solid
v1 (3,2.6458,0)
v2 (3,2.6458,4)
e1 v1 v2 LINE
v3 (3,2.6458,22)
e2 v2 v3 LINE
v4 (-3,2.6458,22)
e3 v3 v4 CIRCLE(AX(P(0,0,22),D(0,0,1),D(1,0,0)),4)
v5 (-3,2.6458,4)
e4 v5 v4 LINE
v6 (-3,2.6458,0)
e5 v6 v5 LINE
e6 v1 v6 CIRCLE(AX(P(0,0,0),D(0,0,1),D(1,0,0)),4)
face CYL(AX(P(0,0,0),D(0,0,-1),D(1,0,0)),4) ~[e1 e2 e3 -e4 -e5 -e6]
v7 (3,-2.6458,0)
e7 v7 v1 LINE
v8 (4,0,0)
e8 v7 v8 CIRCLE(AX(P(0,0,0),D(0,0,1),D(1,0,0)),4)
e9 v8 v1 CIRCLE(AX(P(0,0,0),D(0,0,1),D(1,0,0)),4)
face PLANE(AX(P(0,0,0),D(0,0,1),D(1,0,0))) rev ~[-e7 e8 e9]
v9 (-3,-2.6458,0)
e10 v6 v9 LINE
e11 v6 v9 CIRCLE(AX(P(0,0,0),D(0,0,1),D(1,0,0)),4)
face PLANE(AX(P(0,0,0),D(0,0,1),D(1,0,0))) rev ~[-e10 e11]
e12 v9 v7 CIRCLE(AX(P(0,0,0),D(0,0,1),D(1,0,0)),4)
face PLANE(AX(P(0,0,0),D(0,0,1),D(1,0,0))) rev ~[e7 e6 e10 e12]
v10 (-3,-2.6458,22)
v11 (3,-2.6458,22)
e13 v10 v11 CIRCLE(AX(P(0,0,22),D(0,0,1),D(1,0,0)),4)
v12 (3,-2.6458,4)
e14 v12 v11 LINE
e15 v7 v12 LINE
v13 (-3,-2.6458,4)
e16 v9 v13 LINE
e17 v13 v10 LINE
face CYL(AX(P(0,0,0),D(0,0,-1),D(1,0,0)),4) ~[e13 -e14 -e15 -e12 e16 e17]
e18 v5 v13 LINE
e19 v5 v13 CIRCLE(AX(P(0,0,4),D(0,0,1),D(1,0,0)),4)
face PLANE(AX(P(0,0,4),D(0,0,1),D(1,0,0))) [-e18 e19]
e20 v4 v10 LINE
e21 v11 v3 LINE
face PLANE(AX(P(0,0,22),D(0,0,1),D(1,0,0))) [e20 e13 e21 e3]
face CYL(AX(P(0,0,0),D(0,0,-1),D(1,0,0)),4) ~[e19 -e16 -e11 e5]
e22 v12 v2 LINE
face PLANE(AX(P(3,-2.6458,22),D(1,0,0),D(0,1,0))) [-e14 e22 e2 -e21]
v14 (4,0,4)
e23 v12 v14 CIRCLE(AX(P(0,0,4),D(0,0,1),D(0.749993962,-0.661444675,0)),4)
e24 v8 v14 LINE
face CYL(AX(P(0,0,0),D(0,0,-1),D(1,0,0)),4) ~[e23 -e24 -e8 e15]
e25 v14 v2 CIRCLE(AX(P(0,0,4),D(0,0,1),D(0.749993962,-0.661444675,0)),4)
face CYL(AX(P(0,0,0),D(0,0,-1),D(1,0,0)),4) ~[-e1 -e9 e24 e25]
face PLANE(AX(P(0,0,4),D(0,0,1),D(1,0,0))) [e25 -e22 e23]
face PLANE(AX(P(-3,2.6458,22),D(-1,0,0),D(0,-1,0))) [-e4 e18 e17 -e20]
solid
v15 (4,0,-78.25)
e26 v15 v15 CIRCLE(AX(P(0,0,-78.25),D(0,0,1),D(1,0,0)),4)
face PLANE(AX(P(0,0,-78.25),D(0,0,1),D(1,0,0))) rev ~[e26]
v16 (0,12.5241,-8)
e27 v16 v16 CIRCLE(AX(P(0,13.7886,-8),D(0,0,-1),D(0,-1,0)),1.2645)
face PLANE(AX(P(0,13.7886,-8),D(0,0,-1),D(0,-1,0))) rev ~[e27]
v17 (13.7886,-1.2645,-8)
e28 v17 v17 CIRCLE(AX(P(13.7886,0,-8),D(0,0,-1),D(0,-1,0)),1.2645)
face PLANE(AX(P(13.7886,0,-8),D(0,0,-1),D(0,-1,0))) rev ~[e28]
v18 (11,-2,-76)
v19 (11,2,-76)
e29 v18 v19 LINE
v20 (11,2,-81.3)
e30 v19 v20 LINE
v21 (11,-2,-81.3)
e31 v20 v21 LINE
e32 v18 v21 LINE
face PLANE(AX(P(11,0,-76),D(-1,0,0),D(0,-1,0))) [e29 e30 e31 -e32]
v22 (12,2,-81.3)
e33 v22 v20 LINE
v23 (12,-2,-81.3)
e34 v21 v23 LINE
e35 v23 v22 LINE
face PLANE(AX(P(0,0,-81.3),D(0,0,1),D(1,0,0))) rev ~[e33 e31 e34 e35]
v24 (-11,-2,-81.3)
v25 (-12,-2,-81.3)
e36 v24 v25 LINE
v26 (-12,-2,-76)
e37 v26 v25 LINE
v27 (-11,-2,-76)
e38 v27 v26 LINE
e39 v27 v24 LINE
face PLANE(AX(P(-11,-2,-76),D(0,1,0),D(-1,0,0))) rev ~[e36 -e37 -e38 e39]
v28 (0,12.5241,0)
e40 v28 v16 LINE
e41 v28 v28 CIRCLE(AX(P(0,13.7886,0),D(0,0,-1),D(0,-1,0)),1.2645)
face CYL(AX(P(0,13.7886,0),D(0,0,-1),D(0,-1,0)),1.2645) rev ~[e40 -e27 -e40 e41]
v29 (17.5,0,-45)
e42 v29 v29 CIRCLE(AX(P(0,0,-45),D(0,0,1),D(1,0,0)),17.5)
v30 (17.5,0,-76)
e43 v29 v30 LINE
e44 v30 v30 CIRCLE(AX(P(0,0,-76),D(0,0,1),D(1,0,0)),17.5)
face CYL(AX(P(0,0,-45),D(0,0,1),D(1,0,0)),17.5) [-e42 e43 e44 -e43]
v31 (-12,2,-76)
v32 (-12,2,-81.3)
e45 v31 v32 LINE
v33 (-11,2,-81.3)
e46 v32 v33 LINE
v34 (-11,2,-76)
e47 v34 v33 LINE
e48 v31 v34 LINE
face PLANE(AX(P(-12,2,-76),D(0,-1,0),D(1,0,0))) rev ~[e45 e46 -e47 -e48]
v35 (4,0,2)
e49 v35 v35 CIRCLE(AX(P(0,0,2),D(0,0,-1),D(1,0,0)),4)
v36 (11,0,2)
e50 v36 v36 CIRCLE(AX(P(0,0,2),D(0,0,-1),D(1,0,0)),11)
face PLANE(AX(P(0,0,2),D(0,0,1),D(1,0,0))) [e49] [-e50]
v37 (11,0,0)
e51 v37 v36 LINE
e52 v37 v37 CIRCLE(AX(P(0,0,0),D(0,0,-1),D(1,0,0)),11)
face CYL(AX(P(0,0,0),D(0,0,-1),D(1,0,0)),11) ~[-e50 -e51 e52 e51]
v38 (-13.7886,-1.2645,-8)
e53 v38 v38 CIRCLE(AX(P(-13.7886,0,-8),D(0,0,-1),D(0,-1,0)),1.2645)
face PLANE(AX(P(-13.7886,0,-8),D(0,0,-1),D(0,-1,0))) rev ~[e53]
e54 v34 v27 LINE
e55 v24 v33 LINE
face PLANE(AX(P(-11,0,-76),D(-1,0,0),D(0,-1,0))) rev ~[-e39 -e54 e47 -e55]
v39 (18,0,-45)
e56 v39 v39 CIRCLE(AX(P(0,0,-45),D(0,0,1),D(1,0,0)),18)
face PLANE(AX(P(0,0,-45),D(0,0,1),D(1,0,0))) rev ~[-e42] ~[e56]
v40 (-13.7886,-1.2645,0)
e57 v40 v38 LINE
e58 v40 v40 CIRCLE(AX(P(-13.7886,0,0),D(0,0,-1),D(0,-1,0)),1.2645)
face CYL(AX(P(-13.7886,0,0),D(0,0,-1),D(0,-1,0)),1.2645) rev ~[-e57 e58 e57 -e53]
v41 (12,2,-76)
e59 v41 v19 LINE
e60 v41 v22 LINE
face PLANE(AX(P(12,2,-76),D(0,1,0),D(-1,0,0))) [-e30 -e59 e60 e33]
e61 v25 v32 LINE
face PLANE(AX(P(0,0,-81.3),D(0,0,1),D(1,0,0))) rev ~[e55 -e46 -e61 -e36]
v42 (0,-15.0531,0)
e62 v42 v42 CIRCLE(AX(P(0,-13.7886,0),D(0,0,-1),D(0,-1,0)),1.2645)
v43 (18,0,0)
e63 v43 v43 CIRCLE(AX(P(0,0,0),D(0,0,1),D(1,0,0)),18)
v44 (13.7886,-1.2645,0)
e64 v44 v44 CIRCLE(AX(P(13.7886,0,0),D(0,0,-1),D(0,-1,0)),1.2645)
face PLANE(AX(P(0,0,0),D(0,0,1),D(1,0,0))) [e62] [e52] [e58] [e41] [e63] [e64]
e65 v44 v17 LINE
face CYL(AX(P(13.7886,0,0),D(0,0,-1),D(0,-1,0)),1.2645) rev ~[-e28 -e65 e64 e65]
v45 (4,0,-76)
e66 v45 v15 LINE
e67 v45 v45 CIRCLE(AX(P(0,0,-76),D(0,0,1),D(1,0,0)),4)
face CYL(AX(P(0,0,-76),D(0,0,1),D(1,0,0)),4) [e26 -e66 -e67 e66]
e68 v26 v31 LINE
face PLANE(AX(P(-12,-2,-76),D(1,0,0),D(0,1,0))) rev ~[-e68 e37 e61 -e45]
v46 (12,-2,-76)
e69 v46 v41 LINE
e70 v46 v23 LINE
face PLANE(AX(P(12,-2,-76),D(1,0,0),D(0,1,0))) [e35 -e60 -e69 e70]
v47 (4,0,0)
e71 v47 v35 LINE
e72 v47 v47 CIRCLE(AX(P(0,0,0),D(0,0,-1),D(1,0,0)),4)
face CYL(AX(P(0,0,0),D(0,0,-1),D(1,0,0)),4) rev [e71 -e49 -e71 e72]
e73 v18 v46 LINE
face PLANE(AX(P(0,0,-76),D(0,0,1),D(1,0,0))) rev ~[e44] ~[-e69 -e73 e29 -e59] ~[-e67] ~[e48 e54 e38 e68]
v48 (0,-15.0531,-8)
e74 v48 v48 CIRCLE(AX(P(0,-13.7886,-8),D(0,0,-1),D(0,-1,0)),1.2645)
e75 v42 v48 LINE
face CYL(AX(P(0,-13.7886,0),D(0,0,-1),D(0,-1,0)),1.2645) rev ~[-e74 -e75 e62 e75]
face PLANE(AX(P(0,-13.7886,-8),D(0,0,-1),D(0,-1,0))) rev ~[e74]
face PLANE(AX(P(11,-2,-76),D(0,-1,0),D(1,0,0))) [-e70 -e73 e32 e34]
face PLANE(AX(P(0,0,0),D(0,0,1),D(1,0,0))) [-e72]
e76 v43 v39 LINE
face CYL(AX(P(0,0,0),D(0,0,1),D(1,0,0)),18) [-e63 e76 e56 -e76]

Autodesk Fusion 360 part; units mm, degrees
sketch "Sketch1" plane through (0, 0, 0) normal (0, 0, 1) x (1, 0, 0)
  circle A0 centre (0, 0) radius 17.5
  circle A1 centre (0, 0) radius 18
  line L0 (0, 0) -> (11.5, 0) construction
  line L1 (0, 1) -> (0, -1) construction
  line L2 (12, 2) -> (11, 2)
  line L3 (11, 2) -> (11, -2)
  line L4 (11, -2) -> (12, -2)
  line L5 (12, -2) -> (12, 2)
  line L6 (12, 2) -> (11, -2) construction
  line L7 (11, 2) -> (12, -2) construction
  line L8 (-11, 2) -> (-11, -2)
  line L9 (-11, -2) -> (-12, -2)
  line L10 (-12, -2) -> (-12, 2)
  line L11 (-12, 2) -> (-11, 2)
  circle A2 centre (0, 0) radius 11
  circle A3 centre (0, 0) radius 4
  line L12 (-3, 2.6458) -> (-3, -2.6458)
  line L13 (3, -2.6458) -> (3, 2.6458)
  line L14 (3, 2.6458) -> (-3, -2.6458) construction
  line L15 (-3, 2.6458) -> (3, -2.6458) construction
  line L16 (0, 13.7886) -> (-13.7886, 0) construction
  line L17 (-13.7886, 0) -> (0, -13.7886) construction
  line L18 (0, -13.7886) -> (13.7886, 0) construction
  line L19 (13.7886, 0) -> (0, 13.7886) construction
  line L20 (0, 13.7886) -> (0, -13.7886) construction
  line L21 (-13.7886, 0) -> (13.7886, 0) construction
  point P0 (11.5, 0)
  point P1 (-13.7886, 0)
  point P2 (0, 13.7886)
  point P3 (13.7886, 0)
  point P4 (0, -13.7886)
  dimension "d1" = 35
  dimension "d2" = 36
  dimension "d3" = 11.5
  dimension "d4" = 1
  dimension "d5" = 4
  dimension "d6" = 22
  dimension "d7" = 8
  dimension "d8" = 6
  dimension "d9" = 19.5
  dimension "d10" = 19.5
extrude "Extrude1" add sketch "Sketch1" against normal blind 45 contours A0 | A1 | L2 L3 L4 L5 | L8 L9 L10 L11 | A2 | A3 L13 | A3 L12 L13 | A3 L12 makes body 1 in component "Gearmotor"
extrude "Extrude2" add sketch "Sketch1" against normal blind 31 from surface at -45 contours A0 | L2 L3 L4 L5 | L8 L9 L10 L11 | A2 | A3 L13 | A3 L12 L13 | A3 L12 bodies 1 in component "Gearmotor"
extrude "Extrude3" add sketch "Sketch1" against normal blind 2.25 from surface at -76 contours A3 L13 | A3 L12 L13 | A3 L12 bodies 1 in component "Gearmotor"
extrude "Extrude4" add sketch "Sketch1" against normal blind 5.3 from surface at -76 contours L2 L3 L4 L5 | L8 L9 L10 L11 bodies 1 in component "Gearmotor"
extrude "Extrude5" add sketch "Sketch1" along normal blind 2 contours A2 bodies 1 in component "Gearmotor"
extrude "Extrude1'" add sketch "Sketch1" along normal blind 22 separate body contours A3 L13 | A3 L12 L13 | A3 L12 makes body 2 in component "Shaft"
extrude "Extrude2'" cut sketch "Sketch1" against normal blind 18 from surface at 22 contours A3 L13 | A3 L12 bodies 2 in component "Shaft"
hole "Hole1" at (-13.7886, 0, 0) at (0, 13.7886, 0) at (13.7886, 0, 0) at (0, -13.7886, 0) direction (0, 0, -1) diameter 2.529 depth 8 tip angle 180 bodies 1 in component "Gearmotor"
component "Gearmotor" placed x (1, 0, 0) y (0, 1, 0) z (0, 0, 1) at (0, 0, 0)
component "Shaft" placed x (1, 0, 0) y (0, 1, 0) z (0, 0, 1) at (0, 0, 0)
